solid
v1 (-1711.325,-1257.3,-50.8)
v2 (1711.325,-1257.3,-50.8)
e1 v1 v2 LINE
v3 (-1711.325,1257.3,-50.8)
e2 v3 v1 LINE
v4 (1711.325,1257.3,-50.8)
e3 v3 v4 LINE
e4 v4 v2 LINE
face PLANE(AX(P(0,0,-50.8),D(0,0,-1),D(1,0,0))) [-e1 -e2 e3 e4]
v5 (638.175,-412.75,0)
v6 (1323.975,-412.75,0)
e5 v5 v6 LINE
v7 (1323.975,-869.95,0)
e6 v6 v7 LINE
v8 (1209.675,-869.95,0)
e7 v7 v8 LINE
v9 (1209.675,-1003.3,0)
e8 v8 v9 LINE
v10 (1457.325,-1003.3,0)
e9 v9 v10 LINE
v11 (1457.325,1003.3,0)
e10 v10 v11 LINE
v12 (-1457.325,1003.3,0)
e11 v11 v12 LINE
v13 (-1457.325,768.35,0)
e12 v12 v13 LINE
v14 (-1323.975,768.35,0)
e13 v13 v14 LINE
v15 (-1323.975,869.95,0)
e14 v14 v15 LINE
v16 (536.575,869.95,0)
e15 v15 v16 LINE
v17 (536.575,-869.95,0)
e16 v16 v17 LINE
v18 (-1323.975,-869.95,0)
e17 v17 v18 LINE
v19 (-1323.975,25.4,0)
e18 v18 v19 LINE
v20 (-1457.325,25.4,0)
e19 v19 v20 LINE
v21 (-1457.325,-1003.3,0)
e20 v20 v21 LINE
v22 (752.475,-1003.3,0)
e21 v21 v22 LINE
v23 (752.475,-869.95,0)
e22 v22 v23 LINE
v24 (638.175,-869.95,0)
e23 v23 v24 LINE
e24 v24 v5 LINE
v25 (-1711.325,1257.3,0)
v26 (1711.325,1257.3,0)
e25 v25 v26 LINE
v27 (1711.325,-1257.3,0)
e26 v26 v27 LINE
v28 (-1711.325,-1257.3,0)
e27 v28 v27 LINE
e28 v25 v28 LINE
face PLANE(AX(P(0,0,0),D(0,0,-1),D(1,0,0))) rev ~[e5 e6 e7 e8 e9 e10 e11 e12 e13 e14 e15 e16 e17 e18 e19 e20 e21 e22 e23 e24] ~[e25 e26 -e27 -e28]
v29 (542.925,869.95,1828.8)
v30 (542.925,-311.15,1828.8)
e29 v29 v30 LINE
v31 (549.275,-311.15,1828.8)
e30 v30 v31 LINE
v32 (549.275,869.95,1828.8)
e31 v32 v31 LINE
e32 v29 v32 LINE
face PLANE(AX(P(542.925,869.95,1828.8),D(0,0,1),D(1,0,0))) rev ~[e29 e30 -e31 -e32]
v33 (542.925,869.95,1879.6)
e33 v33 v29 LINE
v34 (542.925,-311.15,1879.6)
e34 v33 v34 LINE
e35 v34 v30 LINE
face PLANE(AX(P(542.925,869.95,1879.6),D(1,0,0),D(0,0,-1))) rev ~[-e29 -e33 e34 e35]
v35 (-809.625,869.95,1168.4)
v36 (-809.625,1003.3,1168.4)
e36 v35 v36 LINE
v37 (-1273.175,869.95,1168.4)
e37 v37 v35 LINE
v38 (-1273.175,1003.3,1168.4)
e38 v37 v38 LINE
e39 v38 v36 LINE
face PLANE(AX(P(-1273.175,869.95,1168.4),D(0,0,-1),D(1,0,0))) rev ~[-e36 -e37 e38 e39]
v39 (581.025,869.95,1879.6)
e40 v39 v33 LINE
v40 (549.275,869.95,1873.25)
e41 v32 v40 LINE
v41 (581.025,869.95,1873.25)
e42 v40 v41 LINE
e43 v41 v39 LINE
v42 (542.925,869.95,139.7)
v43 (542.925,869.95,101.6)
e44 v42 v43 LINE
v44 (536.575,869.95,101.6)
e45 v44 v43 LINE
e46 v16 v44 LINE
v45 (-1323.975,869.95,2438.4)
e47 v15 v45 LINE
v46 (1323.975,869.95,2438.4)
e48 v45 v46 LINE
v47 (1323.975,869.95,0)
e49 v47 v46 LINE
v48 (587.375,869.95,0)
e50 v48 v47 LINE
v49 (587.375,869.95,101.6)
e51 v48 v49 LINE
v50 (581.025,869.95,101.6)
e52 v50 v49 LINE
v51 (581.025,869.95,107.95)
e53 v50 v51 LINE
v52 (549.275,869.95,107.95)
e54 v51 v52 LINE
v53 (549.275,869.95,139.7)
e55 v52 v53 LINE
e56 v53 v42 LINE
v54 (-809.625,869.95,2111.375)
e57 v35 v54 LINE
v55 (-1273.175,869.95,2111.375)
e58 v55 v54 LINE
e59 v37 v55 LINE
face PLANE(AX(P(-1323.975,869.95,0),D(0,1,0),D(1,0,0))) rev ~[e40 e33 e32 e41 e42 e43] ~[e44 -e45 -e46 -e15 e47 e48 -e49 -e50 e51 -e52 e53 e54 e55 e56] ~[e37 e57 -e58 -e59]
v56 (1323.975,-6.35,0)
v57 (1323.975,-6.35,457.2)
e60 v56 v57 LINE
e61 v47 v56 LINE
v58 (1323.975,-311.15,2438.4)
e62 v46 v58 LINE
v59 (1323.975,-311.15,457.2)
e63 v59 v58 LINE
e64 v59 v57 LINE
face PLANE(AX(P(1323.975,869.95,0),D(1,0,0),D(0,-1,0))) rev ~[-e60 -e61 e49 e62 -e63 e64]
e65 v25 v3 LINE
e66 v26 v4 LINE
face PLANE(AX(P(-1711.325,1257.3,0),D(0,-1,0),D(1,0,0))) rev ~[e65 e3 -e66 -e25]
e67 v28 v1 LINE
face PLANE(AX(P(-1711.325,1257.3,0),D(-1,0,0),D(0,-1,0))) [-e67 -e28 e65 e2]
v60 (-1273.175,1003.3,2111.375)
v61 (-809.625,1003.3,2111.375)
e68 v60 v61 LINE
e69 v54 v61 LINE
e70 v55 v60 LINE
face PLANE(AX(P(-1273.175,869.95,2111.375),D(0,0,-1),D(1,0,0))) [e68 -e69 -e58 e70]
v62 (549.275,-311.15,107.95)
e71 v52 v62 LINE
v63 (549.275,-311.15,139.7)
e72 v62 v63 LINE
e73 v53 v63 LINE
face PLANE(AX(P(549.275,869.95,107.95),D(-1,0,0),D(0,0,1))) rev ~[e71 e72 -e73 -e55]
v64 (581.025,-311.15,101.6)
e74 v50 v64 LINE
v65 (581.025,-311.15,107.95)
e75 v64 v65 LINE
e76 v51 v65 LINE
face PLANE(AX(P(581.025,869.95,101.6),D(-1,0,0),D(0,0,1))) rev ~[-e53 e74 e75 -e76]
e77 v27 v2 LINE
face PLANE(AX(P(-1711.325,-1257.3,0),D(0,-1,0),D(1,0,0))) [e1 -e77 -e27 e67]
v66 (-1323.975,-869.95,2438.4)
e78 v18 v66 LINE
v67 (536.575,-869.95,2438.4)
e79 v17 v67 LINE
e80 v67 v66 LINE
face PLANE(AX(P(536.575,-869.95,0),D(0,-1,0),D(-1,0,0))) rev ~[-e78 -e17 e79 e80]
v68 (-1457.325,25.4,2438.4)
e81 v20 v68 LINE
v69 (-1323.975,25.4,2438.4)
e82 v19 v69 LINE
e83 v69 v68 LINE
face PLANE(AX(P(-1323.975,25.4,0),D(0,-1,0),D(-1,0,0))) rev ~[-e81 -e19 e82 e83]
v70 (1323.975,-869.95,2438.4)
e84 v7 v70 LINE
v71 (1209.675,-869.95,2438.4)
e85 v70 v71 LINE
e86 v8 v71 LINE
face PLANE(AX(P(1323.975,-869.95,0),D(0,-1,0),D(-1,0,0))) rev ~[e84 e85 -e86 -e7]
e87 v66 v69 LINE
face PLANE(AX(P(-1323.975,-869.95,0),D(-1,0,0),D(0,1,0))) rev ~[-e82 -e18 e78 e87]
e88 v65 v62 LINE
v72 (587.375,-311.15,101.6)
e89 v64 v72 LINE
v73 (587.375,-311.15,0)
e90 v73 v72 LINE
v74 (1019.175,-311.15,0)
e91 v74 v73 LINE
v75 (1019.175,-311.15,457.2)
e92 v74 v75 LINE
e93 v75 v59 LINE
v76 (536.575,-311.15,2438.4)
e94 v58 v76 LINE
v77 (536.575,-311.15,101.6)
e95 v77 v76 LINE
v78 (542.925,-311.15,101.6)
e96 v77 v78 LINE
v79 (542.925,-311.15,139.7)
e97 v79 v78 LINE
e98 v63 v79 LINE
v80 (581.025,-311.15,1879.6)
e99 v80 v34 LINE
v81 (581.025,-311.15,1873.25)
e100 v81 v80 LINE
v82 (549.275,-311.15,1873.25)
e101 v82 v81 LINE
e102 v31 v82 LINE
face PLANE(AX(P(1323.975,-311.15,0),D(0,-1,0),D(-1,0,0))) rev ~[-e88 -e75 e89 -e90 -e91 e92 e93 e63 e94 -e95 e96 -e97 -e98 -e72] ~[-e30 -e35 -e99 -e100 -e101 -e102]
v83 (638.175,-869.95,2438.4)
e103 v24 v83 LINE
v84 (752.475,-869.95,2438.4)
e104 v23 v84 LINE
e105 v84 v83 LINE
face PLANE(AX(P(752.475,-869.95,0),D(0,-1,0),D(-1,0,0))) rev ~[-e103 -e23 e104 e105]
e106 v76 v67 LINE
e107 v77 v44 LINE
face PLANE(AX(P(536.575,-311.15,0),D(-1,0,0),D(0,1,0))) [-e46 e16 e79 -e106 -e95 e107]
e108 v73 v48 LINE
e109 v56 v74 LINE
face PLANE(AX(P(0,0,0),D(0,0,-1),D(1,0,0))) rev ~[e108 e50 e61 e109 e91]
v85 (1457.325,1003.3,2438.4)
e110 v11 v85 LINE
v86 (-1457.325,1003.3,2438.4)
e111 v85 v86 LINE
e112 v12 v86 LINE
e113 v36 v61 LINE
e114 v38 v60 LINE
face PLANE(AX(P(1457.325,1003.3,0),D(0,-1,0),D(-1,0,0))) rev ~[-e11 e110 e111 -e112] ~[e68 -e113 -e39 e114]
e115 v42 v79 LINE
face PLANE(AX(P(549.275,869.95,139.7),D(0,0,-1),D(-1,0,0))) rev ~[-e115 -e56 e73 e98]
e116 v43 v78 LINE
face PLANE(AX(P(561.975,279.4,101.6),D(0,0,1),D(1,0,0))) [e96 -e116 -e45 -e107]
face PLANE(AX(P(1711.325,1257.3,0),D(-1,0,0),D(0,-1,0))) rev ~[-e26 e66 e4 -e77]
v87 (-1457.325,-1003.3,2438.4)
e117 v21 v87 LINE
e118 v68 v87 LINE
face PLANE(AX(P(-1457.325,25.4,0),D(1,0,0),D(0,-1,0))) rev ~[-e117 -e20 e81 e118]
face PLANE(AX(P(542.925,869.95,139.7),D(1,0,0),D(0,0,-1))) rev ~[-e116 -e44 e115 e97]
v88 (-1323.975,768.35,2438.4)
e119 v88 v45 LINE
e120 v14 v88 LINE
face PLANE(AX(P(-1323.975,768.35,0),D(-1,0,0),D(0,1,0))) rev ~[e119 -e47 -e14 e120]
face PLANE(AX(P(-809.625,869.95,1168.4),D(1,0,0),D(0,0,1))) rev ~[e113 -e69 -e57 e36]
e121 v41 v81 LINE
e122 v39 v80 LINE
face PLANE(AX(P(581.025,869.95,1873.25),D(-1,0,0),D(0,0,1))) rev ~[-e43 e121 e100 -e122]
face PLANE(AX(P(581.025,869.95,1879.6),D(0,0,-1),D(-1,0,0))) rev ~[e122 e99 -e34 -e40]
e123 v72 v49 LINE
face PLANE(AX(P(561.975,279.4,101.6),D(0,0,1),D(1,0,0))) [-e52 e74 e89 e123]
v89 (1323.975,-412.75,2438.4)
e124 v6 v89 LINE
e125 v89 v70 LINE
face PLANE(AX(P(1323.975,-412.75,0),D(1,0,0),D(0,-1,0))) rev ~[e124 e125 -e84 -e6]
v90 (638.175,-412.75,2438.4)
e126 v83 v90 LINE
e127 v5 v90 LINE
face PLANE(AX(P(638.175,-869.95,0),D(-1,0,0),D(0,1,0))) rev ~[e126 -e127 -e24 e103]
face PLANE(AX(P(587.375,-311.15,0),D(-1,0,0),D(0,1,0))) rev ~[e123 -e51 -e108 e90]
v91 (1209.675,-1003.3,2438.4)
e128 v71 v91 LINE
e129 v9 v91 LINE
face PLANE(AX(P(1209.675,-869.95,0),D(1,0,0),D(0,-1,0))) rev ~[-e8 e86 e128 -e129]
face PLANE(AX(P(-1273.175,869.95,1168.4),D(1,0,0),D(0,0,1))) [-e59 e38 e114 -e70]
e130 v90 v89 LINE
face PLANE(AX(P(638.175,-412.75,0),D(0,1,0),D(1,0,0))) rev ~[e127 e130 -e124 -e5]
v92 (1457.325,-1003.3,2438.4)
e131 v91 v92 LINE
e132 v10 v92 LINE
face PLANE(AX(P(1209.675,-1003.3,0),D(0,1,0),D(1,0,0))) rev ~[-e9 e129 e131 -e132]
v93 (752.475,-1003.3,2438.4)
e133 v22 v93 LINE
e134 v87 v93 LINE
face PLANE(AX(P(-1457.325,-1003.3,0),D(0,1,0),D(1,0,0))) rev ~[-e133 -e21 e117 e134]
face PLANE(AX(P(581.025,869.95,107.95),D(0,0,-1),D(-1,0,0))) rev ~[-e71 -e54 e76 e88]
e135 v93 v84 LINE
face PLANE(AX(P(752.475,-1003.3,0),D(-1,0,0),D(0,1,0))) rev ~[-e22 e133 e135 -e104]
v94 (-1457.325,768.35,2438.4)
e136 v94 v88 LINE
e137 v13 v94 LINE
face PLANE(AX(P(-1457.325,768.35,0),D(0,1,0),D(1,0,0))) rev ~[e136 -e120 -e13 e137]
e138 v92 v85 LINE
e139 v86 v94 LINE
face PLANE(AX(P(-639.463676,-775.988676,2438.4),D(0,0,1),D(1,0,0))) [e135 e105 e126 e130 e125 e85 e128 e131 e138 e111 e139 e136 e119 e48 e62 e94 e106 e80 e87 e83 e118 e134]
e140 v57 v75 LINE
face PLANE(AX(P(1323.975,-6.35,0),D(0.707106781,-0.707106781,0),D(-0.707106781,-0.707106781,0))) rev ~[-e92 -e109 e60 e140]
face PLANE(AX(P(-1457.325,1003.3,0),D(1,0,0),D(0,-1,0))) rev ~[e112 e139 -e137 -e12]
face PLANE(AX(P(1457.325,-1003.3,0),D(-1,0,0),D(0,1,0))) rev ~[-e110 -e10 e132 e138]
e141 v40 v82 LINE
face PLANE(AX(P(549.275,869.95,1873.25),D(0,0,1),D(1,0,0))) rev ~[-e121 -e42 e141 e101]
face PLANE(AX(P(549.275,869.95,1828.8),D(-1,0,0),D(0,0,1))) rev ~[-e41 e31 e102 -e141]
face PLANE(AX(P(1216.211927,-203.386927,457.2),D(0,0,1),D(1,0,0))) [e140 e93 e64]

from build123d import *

# Parameters (mm, degrees)
F1_DEPTH  = 2438.4
F4_W      = 463.55
F4_H      = 942.975
F5_DEPTH  = 133.351
F6_W      = 3422.65
F6_H      = 2514.6
F7_DEPTH  = 50.8
F0_W      = 50.8
F0_H      = 1181.1
F8_DEPTH  = 101.6
F10_DEPTH = 1181.1
F12_DEPTH = 457.2


with BuildPart() as f1:
    # F0 (on Top) → F1 (new body)
    with BuildSketch(Plane.XY):
        Polygon((752.475, -1003.3), (752.475, -869.95), (638.175, -869.95), (536.575, -869.95), (-1323.975, -869.95), (-1323.975, 25.4), (-1457.325, 25.4), (-1457.325, -1003.3), align=None)
        Polygon((1323.975, -412.75), (1323.975, -869.95), (1209.675, -869.95), (1209.675, -1003.3), (1457.325, -1003.3), (1457.325, 1003.3), (-1457.325, 1003.3), (-1457.325, 768.35), (-1323.975, 768.35), (-1323.975, 869.95), (536.575, 869.95), (587.375, 869.95), (1323.975, 869.95), (1323.975, -311.15), align=None)
        Polygon((638.175, -412.75), (1323.975, -412.75), (1323.975, -311.15), (587.375, -311.15), (536.575, -311.15), (536.575, -869.95), (638.175, -869.95), align=None)
    extrude(amount=F1_DEPTH)

    # F4 (on face) → F5 (cut, through all)
    with BuildSketch(Plane.XZ.offset(-869.95)):
        with Locations((-1041.4, 1639.8875)):
            Rectangle(F4_W, F4_H)
    extrude(amount=-F5_DEPTH, mode=Mode.SUBTRACT)

    # F6 (on face) → F7 (join)
    with BuildSketch(Plane(origin=(0, 0, 0), x_dir=(1, 0, 0), z_dir=(0, 0, -1))):
        Rectangle(F6_W, F6_H)
    extrude(amount=F7_DEPTH)

    # F0 (on Top) → F8 (join)
    with BuildSketch(Plane.XY):
        with Locations((561.975, 279.4)):
            Rectangle(F0_W, F0_H)
    extrude(amount=F8_DEPTH)

    # F9 (on face) → F10 (join, through all)
    with BuildSketch(Plane.XZ.offset(-869.95)):
        Polygon((542.925, 139.7), (542.925, 101.6), (581.025, 101.6), (581.025, 107.95), (549.275, 107.95), (549.275, 139.7), align=None)
        Polygon((581.025, 1879.6), (542.925, 1879.6), (542.925, 1828.8), (549.275, 1828.8), (549.275, 1873.25), (581.025, 1873.25), align=None)
    extrude(amount=F10_DEPTH)

    # F11 (on face) → F12 (join)
    with BuildSketch(Plane.XY):
        Polygon((1323.975, -6.35), (1019.175, -311.15), (1323.975, -311.15), align=None)
    extrude(amount=F12_DEPTH)


solid = f1.part
